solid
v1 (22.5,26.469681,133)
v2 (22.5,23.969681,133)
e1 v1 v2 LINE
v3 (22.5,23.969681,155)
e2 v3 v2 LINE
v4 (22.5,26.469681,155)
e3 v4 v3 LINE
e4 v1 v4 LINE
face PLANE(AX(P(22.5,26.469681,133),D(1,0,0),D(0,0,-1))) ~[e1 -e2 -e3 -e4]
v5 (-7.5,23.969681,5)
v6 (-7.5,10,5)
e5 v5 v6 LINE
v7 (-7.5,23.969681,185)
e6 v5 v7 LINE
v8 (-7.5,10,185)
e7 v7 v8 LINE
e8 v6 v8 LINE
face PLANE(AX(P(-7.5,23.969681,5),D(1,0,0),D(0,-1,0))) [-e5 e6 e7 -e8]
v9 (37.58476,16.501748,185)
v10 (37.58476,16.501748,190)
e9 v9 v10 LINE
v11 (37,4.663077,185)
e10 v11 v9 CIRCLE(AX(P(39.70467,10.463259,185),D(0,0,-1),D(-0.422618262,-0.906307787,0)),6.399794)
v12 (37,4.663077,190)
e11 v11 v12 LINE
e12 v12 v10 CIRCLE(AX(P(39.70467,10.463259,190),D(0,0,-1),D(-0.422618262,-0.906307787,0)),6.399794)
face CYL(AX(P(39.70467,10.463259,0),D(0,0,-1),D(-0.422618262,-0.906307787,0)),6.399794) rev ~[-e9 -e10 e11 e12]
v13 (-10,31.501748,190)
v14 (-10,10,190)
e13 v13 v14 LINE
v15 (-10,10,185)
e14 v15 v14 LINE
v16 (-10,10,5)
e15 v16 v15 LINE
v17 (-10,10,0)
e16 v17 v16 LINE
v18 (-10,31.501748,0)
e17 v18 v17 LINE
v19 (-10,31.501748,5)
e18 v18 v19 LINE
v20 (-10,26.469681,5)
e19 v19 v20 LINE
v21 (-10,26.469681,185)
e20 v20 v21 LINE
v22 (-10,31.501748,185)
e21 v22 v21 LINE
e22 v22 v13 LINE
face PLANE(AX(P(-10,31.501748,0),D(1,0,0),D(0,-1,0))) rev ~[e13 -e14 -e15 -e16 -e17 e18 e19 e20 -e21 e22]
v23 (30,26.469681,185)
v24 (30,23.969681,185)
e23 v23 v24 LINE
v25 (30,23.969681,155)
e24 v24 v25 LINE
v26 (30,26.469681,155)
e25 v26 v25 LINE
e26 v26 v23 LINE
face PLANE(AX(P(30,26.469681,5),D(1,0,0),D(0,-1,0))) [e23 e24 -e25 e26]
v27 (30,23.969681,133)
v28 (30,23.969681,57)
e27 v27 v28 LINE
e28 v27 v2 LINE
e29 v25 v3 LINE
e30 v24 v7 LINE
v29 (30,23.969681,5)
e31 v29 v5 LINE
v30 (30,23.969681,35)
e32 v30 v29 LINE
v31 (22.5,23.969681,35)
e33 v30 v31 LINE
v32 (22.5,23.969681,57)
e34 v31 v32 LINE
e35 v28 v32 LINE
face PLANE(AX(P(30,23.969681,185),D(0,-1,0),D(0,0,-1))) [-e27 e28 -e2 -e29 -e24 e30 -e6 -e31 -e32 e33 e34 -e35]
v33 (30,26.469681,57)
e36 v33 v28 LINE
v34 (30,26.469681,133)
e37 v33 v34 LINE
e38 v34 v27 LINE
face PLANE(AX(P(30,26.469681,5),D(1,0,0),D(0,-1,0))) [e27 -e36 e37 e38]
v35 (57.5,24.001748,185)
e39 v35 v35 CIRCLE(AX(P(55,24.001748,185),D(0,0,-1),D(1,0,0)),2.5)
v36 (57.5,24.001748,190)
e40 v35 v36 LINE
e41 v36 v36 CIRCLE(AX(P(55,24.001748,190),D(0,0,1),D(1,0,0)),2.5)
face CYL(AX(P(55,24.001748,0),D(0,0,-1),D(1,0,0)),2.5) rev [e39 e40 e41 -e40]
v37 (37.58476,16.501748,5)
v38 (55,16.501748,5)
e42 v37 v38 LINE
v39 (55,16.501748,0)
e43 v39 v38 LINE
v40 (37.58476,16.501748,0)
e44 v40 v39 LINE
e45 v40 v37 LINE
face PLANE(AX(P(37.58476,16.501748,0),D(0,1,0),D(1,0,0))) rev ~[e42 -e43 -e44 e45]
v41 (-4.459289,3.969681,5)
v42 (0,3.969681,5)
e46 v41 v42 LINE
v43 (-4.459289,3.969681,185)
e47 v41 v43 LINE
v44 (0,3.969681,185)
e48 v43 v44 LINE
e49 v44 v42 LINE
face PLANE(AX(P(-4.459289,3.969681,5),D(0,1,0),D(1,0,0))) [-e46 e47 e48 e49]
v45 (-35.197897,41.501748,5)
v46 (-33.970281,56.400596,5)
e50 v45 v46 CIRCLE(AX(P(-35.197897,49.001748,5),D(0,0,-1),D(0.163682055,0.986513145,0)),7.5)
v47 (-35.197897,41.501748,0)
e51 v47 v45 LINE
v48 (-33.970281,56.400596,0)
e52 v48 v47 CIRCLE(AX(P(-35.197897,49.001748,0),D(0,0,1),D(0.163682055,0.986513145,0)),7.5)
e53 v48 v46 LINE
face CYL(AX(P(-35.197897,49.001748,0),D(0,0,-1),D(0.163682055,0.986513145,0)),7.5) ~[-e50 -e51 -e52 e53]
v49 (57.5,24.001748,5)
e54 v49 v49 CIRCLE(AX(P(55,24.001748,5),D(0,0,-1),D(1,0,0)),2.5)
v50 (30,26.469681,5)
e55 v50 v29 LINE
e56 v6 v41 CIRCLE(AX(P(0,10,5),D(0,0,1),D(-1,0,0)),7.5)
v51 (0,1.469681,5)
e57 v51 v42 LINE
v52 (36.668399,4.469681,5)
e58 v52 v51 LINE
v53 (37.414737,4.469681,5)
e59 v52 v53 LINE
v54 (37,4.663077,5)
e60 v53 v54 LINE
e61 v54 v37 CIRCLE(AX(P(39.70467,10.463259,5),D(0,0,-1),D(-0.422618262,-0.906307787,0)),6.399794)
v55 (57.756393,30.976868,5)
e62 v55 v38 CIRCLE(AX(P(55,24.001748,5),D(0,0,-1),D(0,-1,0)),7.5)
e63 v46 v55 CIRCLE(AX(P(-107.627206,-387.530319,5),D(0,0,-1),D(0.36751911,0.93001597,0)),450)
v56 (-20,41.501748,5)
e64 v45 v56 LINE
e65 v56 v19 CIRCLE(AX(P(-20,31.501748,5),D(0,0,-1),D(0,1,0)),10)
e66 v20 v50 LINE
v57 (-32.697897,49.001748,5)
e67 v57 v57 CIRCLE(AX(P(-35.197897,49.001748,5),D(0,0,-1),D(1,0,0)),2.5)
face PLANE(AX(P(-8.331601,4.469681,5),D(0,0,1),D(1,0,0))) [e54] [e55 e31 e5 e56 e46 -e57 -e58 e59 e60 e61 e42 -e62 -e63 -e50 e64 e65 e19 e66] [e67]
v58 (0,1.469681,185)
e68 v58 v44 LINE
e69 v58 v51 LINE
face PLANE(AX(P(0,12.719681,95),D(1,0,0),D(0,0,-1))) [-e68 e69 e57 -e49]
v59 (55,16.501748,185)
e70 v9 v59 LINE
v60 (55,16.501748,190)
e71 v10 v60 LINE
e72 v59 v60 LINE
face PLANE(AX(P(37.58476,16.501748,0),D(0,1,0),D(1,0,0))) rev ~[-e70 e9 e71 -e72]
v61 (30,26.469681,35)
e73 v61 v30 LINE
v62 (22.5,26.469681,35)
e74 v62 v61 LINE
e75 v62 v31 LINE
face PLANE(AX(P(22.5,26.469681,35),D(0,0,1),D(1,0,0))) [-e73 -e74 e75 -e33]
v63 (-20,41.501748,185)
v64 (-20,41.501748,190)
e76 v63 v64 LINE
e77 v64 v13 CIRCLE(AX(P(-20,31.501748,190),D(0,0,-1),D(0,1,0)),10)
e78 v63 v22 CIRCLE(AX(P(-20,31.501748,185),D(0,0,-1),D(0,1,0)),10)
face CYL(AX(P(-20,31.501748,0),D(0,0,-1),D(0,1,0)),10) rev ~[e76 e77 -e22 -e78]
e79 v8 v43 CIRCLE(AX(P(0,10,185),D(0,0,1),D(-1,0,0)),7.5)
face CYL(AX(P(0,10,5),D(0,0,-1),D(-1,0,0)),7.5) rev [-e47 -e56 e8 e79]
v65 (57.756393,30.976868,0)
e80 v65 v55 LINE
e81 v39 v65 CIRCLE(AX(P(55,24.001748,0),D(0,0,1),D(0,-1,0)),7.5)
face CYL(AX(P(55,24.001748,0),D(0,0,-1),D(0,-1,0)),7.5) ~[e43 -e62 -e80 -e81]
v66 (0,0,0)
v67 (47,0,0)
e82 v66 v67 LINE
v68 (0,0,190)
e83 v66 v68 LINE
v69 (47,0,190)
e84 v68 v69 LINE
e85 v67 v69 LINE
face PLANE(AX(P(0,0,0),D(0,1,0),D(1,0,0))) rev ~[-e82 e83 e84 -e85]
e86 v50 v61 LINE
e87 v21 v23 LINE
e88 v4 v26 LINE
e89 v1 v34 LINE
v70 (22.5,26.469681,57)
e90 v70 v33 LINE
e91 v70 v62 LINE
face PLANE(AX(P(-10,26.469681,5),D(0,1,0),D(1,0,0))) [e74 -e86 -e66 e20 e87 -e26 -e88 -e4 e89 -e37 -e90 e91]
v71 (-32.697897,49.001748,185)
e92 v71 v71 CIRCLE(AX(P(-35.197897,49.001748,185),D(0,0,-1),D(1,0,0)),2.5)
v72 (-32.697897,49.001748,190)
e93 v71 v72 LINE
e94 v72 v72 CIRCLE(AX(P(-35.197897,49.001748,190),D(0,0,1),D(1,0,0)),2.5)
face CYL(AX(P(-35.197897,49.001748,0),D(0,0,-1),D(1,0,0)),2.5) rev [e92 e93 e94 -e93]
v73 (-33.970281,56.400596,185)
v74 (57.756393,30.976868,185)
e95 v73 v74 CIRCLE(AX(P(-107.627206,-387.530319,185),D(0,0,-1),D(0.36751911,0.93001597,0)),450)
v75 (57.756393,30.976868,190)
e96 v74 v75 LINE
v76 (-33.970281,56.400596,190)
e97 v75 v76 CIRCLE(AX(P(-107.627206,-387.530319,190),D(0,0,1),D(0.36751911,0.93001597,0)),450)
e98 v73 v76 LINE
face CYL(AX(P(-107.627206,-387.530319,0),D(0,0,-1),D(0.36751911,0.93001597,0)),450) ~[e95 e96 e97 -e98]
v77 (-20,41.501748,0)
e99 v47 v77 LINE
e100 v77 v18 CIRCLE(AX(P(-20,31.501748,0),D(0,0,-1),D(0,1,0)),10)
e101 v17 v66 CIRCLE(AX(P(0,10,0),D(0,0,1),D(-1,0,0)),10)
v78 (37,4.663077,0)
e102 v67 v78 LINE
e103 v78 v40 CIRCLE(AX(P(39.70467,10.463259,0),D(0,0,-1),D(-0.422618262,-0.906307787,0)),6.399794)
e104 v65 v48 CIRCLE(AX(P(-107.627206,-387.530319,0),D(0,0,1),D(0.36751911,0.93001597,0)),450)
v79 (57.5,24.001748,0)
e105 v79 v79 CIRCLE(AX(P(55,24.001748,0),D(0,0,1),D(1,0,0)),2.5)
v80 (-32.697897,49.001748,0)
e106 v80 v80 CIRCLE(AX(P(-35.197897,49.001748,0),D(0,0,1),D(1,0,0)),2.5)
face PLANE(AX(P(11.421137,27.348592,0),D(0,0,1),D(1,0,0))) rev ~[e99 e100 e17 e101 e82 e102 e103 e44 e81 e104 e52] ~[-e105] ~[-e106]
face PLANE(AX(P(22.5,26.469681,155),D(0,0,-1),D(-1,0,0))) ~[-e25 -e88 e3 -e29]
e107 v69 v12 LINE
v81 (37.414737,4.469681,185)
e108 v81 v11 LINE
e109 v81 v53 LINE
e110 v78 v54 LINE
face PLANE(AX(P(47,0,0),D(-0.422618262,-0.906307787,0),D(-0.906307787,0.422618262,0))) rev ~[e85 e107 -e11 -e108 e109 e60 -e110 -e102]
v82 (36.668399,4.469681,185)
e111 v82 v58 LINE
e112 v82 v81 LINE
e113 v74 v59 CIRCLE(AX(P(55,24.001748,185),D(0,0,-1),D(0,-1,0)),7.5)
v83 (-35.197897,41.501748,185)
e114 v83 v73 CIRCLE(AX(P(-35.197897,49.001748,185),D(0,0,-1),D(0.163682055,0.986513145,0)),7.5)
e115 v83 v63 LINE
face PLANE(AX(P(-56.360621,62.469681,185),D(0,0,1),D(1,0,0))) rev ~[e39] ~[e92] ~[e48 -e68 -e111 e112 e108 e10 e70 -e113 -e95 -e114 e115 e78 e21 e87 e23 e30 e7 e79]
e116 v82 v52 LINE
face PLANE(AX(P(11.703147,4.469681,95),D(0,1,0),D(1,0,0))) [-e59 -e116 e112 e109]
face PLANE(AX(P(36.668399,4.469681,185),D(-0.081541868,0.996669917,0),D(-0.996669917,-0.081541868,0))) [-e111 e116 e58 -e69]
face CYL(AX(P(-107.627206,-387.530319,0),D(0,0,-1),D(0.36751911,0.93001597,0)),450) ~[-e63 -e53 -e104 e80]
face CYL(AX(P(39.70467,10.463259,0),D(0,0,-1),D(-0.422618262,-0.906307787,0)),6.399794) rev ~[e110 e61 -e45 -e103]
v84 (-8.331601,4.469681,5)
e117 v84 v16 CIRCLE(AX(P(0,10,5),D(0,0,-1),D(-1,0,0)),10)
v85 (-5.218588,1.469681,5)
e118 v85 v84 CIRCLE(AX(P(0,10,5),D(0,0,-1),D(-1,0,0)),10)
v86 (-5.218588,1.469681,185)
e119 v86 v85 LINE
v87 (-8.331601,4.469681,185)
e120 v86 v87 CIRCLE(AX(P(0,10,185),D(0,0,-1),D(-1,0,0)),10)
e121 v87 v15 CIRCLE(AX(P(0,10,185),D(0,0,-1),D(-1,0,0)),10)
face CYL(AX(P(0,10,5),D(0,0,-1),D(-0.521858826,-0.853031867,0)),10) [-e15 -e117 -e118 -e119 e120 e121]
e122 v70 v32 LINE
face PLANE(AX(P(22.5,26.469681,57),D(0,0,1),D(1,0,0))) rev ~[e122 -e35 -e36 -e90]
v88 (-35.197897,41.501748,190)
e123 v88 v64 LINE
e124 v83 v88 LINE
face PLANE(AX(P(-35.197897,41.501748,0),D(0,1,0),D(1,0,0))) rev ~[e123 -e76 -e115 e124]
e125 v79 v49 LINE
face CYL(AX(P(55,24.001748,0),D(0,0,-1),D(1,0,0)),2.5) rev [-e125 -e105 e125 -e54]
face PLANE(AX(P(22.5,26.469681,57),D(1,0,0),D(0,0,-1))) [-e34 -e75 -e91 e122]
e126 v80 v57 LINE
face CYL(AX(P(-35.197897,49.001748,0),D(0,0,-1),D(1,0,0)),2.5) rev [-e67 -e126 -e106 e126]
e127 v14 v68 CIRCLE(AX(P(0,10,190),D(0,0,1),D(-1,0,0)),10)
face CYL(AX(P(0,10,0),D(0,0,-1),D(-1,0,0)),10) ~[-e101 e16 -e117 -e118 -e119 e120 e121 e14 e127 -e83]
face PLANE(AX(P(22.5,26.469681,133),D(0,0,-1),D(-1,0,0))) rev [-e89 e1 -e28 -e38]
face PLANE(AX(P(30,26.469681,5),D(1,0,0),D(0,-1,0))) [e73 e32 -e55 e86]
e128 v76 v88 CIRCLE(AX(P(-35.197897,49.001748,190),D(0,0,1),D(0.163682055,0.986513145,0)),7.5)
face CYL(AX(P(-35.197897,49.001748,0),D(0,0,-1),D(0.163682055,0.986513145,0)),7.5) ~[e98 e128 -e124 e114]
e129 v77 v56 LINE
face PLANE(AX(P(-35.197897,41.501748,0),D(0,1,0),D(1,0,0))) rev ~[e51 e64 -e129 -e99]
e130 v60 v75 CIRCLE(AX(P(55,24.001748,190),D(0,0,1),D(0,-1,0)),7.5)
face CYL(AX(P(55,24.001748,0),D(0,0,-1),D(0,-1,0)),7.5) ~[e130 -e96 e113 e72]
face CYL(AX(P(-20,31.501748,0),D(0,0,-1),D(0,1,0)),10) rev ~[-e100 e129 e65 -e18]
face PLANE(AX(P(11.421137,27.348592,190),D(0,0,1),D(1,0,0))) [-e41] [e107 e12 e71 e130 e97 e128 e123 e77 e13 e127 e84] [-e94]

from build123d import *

# Parameters (mm, degrees)
SKETCH1_R           = 2.5
BOSS_EXTRUDE1_DEPTH = 190
SKETCH2_W           = 136.127535613
SKETCH2_H           = 180
CUT_EXTRUDE2_DEPTH  = 58
SKETCH3_W           = 45
SKETCH3_H           = 180
CUT_EXTRUDE3_DEPTH  = 3
BOSS_EXTRUDE2_START = 180
BOSS_EXTRUDE2_DEPTH = 180
SKETCH7_W           = 180
SKETCH7_H           = 22.5
CUT_EXTRUDE13_DEPTH = 30
SKETCH9_W           = 7.5
SKETCH9_H           = 22
CUT_EXTRUDE14_DEPTH = 3
BOSS_EXTRUDE3_DEPTH = 180


with BuildPart() as part:
    # Sketch1 → Boss-Extrude1 (new body)
    with BuildSketch(Plane.XY):
        with BuildLine():
            Line((0, 0), (47, 0))
            Line((47, 0), (37, 4.663076582))
            ThreePointArc((37, 4.663076582), (33.312668804, 10.778986497), (37.584760477, 16.501747909))
            Line((37.584760477, 16.501747909), (55, 16.501747909))
            ThreePointArc((55, 16.501747909), (62.367611495, 22.598786451), (57.756393324, 30.976867682))
            ThreePointArc((57.756393324, 30.976867682), (12.567155409, 46.120826206), (-33.970281413, 56.400596496))
            ThreePointArc((-33.970281413, 56.400596496), (-42.672566196, 49.617635726), (-35.197896825, 41.501747909))
            Line((-35.197896825, 41.501747909), (-20, 41.501747909))
            ThreePointArc((-20, 41.501747909), (-12.928932188, 38.572815721), (-10, 31.501747909))
            Line((-10, 31.501747909), (-10, 10))
            ThreePointArc((-10, 10), (-7.071067812, 2.928932188), (0, 0))
        make_face()
        with Locations((55, 24.001747909)):
            Circle(SKETCH1_R, mode=Mode.SUBTRACT)
        with Locations((-35.197896825, 49.001747909)):
            Circle(SKETCH1_R, mode=Mode.SUBTRACT)
    extrude(amount=BOSS_EXTRUDE1_DEPTH)

    # Sketch2 → Cut-Extrude2 (cut)
    with BuildSketch(Plane(origin=(0, 62.46968133, 0), x_dir=(1, 0, 0), z_dir=(0, 1, 0))):
        with Locations((11.703146866, -95)):
            Rectangle(SKETCH2_W, SKETCH2_H)
    extrude(amount=-CUT_EXTRUDE2_DEPTH, mode=Mode.SUBTRACT)

    # Sketch3 → Cut-Extrude3 (cut)
    with BuildSketch(Plane(origin=(0, 4.46968133, 0), x_dir=(1, 0, 0), z_dir=(0, 1, 0))):
        with Locations((14.168398989, -95)):
            Rectangle(SKETCH3_W, SKETCH3_H)
    extrude(amount=-CUT_EXTRUDE3_DEPTH, mode=Mode.SUBTRACT)



with BuildPart() as body_2:
    # Sketch4 → Boss-Extrude2 (new body)
    with BuildSketch(Plane(origin=(0, 0, 185), x_dir=(-1, 0, 0), z_dir=(0, 0, -1)).offset(BOSS_EXTRUDE2_START)):
        with BuildLine():
            Line((-30, 26.46968133), (-30, 1.46968133))
            Line((-30, 1.46968133), (5.218588256, 1.46968133))
            ThreePointArc((5.218588256, 1.46968133), (8.723126806, 5.110515495), (10, 10))
            Line((10, 10), (10, 26.46968133))
            Line((10, 26.46968133), (-30, 26.46968133))
        make_face()
        with BuildLine():
            Line((-27.5, 23.96968133), (7.5, 23.96968133))
            Line((7.5, 23.96968133), (7.5, 10))
            ThreePointArc((7.5, 10), (6.696815143, 6.62321648), (4.459288815, 3.96968133))
            Line((4.459288815, 3.96968133), (-27.5, 3.96968133))
            Line((-27.5, 3.96968133), (-27.5, 23.96968133))
        make_face(mode=Mode.SUBTRACT)
    extrude(amount=-BOSS_EXTRUDE2_DEPTH)

    # Sketch7 → Cut-Extrude13 (cut)
    with BuildSketch(Plane(origin=(30, 0, 0), x_dir=(0, 0, -1), z_dir=(1, 0, 0))):
        with Locations((-95, 12.71968133)):
            Rectangle(SKETCH7_W, SKETCH7_H)
    extrude(amount=-CUT_EXTRUDE13_DEPTH, mode=Mode.SUBTRACT)

    # Sketch9 → Cut-Extrude14 (cut)
    with BuildSketch(Plane(origin=(0, 26.46968133, 0), x_dir=(1, 0, 0), z_dir=(0, 1, 0))):
        with Locations((26.25, -46)):
            Rectangle(SKETCH9_W, SKETCH9_H)
    cut_extrude14 = extrude(amount=-CUT_EXTRUDE14_DEPTH, mode=Mode.SUBTRACT)

    # Mirror1: Cut-Extrude14 across plane
    add(cut_extrude14.mirror(Plane.XY.offset(95)), mode=Mode.SUBTRACT)


with BuildPart() as part_1:
    add(part.part)

    add(body_2.part)  # Boss-Extrude3 merges body 2
    # Sketch10 → Boss-Extrude3 (add)
    with BuildSketch(Plane(origin=(0, 0, 185), x_dir=(-1, 0, 0), z_dir=(0, 0, -1))):
        Polygon((-36.668398989, 1.46968133), (-36.668398989, 4.46968133), (0, 1.46968133), align=None)
    extrude(amount=BOSS_EXTRUDE3_DEPTH)


solid = part_1.part
